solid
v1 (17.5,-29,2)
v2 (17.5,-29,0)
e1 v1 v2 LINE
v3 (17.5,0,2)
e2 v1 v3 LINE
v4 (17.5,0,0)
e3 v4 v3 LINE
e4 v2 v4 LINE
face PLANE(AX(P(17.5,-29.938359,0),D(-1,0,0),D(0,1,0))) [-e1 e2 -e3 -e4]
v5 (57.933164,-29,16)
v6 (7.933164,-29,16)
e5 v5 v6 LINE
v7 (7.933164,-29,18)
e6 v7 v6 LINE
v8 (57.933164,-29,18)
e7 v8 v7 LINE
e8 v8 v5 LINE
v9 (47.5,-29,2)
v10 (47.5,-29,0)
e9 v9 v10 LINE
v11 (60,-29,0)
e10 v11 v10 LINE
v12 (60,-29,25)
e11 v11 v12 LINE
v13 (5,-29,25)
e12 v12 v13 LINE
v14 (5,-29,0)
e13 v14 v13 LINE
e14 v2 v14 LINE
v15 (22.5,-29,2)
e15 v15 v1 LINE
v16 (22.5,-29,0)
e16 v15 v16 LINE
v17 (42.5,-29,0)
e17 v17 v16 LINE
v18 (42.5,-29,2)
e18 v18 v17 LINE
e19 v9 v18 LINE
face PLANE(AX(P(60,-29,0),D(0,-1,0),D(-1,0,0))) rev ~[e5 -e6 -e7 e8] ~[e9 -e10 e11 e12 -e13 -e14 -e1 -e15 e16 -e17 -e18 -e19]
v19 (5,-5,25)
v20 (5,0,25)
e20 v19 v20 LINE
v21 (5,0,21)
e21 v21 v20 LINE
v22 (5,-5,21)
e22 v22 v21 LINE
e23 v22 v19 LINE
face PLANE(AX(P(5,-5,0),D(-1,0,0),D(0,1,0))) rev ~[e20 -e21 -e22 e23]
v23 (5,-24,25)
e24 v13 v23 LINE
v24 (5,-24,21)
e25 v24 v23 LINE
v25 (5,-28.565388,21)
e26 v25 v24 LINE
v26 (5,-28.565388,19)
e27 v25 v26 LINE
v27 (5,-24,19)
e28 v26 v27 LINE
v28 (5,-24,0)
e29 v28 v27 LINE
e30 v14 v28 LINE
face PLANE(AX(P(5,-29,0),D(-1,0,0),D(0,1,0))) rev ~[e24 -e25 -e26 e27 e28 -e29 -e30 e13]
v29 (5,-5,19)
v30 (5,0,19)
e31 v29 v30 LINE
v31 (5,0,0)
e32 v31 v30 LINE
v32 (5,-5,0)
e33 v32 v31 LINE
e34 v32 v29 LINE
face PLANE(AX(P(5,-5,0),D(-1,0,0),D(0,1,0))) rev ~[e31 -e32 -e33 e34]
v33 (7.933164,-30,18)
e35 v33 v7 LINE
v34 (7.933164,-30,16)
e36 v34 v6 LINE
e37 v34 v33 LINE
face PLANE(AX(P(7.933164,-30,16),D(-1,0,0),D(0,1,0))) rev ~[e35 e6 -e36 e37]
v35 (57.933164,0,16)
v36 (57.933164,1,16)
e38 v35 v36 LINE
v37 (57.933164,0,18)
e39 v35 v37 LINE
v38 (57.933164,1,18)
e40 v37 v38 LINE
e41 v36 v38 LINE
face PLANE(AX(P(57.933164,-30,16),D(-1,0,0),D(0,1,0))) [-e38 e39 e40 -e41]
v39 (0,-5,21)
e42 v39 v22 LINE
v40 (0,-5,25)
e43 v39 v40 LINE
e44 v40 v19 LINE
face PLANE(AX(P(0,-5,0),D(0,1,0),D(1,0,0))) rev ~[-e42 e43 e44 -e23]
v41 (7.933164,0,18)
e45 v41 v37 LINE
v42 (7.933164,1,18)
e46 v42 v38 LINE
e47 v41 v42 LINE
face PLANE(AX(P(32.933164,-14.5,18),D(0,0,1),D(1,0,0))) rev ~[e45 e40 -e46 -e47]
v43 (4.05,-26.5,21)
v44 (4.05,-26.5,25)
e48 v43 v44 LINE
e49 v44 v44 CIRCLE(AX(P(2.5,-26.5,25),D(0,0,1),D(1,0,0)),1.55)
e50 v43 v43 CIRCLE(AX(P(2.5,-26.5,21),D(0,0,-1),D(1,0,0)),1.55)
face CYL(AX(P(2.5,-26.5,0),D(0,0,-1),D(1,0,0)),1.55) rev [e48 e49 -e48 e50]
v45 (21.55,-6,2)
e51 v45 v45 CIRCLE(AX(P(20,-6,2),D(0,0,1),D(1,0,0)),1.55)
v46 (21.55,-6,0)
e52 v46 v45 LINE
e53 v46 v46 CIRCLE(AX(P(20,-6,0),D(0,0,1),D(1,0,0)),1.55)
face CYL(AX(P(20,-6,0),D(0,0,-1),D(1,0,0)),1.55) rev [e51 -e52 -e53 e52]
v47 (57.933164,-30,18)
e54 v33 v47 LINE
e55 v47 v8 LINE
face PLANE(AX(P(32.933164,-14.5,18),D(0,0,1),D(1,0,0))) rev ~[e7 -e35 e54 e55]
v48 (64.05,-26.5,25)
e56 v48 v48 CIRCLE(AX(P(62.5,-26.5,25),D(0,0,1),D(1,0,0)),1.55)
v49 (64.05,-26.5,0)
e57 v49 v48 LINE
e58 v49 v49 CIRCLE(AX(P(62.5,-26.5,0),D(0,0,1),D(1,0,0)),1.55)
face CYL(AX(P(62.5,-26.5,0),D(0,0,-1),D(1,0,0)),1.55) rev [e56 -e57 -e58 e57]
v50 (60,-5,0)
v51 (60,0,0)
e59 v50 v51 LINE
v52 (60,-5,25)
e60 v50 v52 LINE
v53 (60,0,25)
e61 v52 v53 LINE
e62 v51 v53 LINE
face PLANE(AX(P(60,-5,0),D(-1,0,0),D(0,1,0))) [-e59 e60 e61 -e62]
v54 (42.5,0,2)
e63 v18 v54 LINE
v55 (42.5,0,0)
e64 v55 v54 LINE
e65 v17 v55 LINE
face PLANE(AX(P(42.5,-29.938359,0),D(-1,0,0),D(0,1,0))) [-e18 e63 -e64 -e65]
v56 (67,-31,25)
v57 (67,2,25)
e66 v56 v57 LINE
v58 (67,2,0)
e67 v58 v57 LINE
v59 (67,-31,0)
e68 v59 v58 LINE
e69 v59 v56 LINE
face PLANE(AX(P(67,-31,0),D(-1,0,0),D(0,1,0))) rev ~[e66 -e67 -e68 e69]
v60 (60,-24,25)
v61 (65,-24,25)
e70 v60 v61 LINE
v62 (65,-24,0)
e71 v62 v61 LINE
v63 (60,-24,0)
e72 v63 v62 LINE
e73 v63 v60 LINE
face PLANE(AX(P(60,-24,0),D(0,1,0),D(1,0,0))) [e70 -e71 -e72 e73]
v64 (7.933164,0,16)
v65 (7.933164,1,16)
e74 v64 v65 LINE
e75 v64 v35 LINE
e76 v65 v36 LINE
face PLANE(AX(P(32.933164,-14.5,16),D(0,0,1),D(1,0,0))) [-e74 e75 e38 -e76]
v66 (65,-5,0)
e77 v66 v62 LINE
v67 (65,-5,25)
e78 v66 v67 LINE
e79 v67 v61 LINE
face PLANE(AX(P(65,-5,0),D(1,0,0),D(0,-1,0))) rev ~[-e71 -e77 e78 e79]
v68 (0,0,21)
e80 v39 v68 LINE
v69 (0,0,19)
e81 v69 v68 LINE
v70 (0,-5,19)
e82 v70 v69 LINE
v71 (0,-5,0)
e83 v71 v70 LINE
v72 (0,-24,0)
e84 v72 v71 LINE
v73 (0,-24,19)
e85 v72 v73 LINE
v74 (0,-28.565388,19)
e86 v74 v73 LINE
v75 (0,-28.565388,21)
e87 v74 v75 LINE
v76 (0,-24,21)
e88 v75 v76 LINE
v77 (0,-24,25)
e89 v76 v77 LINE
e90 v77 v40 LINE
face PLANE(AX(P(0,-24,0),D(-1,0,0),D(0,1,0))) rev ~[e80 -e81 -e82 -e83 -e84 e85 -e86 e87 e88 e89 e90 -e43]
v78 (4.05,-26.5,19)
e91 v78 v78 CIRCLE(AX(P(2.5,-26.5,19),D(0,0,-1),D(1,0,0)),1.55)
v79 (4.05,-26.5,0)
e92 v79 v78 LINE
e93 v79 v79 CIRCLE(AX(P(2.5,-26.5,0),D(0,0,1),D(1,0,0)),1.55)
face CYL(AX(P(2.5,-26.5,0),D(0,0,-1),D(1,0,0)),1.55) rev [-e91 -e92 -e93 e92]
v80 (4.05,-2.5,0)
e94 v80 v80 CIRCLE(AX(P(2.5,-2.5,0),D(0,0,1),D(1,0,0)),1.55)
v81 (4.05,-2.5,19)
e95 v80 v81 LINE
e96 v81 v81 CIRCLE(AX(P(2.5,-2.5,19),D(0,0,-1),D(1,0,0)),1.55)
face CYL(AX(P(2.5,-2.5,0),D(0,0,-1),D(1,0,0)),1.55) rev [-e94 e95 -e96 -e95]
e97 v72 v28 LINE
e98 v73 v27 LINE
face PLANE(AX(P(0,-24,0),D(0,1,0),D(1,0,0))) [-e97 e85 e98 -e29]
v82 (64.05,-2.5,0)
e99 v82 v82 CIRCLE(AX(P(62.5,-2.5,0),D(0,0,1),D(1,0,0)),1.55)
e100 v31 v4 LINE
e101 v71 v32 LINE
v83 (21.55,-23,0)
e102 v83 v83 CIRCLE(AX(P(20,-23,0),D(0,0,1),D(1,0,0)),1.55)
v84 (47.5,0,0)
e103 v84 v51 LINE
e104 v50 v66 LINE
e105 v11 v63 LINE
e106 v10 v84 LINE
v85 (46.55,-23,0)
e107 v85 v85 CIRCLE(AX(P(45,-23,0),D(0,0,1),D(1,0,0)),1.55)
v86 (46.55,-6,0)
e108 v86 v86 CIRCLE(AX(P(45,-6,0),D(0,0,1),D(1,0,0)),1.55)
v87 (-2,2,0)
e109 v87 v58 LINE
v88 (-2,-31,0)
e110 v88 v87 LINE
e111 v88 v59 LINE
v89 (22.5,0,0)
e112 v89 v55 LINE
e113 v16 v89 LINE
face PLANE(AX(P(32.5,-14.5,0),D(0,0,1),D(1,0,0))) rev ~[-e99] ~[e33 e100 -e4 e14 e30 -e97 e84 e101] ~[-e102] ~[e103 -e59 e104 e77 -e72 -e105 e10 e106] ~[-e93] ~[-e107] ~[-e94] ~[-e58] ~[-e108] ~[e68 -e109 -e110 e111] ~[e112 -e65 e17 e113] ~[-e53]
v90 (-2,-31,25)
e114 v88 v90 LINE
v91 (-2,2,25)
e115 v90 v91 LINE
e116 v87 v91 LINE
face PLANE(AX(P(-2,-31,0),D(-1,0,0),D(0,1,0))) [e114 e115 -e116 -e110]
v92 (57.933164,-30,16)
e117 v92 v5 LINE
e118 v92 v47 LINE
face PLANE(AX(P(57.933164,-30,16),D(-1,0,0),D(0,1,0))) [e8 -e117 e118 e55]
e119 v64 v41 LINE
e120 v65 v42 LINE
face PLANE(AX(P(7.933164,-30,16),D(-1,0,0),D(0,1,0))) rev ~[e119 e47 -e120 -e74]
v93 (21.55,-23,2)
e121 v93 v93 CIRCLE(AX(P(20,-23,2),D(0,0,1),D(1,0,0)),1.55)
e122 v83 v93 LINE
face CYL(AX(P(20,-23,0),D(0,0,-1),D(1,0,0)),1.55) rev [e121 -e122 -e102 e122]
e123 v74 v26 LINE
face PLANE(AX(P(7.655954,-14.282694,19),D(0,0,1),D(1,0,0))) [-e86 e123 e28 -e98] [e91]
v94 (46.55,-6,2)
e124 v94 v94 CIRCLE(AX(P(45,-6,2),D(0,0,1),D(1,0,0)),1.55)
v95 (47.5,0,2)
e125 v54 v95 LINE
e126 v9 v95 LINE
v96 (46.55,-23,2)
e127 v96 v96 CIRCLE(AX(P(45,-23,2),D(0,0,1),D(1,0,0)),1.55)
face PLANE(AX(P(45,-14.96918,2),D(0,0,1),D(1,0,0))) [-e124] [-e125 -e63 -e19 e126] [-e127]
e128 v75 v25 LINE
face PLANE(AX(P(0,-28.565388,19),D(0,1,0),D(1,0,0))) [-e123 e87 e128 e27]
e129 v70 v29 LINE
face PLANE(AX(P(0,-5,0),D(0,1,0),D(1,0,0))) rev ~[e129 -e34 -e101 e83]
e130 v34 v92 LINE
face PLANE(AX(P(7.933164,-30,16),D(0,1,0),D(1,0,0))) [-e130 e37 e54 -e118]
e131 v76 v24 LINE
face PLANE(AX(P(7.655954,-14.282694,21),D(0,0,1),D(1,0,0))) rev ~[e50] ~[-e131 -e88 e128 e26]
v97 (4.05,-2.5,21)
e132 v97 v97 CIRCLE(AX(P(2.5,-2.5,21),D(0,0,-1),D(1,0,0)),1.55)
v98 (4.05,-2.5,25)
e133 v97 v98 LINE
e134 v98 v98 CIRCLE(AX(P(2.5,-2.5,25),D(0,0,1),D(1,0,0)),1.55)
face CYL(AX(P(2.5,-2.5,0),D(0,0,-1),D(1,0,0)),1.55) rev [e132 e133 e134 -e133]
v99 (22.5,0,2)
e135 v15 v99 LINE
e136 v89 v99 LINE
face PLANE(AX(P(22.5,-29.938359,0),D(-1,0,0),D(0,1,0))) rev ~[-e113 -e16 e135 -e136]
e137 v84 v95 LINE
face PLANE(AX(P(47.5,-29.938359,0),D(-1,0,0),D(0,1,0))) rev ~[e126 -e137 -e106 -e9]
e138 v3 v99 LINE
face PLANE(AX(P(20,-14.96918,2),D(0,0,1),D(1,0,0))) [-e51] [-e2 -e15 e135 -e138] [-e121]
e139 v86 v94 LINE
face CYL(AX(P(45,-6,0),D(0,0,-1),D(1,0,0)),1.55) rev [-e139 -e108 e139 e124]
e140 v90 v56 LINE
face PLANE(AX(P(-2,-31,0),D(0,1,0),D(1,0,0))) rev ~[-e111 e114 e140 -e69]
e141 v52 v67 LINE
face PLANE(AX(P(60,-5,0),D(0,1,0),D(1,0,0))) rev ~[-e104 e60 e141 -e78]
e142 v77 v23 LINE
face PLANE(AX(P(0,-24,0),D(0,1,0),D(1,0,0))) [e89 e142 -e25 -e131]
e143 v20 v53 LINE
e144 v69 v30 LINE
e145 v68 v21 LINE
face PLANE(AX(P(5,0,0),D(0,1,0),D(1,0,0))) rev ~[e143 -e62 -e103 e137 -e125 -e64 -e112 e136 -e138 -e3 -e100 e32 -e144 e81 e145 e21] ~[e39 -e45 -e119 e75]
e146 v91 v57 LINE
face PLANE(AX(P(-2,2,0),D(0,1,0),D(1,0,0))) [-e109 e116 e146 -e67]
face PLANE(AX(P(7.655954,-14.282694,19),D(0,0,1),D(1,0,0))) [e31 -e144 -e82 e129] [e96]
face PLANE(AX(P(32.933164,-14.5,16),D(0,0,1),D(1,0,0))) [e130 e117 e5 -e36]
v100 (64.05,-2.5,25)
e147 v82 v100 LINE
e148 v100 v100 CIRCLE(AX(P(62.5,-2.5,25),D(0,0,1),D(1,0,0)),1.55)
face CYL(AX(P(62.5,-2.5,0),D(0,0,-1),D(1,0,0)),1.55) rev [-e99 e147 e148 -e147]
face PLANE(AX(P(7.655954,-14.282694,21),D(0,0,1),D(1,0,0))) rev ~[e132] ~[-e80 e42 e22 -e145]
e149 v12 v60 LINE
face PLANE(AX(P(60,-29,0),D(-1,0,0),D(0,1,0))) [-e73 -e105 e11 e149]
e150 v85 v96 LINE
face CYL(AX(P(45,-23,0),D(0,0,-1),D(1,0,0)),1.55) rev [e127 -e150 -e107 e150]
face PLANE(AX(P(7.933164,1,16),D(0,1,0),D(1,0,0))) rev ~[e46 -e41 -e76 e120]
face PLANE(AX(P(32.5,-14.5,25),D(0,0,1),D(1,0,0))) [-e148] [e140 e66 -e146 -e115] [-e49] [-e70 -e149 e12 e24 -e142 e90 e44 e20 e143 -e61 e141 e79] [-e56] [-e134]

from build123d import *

# Parameters (mm, degrees)
F0_W     = 69
F0_H     = 33
F0_W_2   = 5
F0_H_2   = 5
F0_R     = 1.55
F1_DEPTH = 25
F3_W     = 50
F3_H     = 31
F4_DEPTH = 2
F6_W     = 15.3119070455
F6_H     = 28.5653881729
F7_DEPTH = 2
F8_W     = 5
F8_H     = 29.938359429
F8_R     = 1.55
F9_DEPTH = 2


with BuildPart() as f1:
    # F0 (on Top) → F1 (new body)
    with BuildSketch(Plane.XY):
        with Locations((32.5, -14.5)):
            Rectangle(F0_W, F0_H)
        Polygon((0, -5), (0, 0), (5, 0), (60, 0), (65, 0), (65, -5), (65, -24), (65, -29), (60, -29), (5, -29), (0, -29), (0, -24), align=None, mode=Mode.SUBTRACT)
        with Locations((2.5, -2.5)):
            Rectangle(F0_W_2, F0_H_2)
        with Locations((2.5, -2.5)):
            Circle(F0_R, mode=Mode.SUBTRACT)
        with Locations((62.5, -2.5)):
            Rectangle(F0_W_2, F0_H_2)
        with Locations((62.5, -2.5)):
            Circle(F0_R, mode=Mode.SUBTRACT)
        with Locations((62.5, -26.5)):
            Rectangle(F0_W_2, F0_H_2)
        with Locations((62.5, -26.5)):
            Circle(F0_R, mode=Mode.SUBTRACT)
        with Locations((2.5, -26.5)):
            Rectangle(F0_W_2, F0_H_2)
        with Locations((2.5, -26.5)):
            Circle(F0_R, mode=Mode.SUBTRACT)
    extrude(amount=F1_DEPTH)

    # F3 (on offset) → F4 (cut)
    with BuildSketch(Plane.XY.offset(16)):
        with Locations((32.9331636816, -14.5)):
            Rectangle(F3_W, F3_H)
    extrude(amount=F4_DEPTH, mode=Mode.SUBTRACT)

    # F6 (on offset) → F7 (cut)
    with BuildSketch(Plane.XY.offset(19)):
        with Locations((7.6559535228, -14.2826940864)):
            Rectangle(F6_W, F6_H)
    extrude(amount=F7_DEPTH, mode=Mode.SUBTRACT)

    # F8 (on Top) → F9 (join)
    with BuildSketch(Plane.XY):
        with Locations((20, -14.9691797145)):
            Rectangle(F8_W, F8_H)
        with Locations((20, -23)):
            Circle(F8_R, mode=Mode.SUBTRACT)
        with Locations((20, -6)):
            Circle(F8_R, mode=Mode.SUBTRACT)
        with Locations((45, -14.9691797145)):
            Rectangle(F8_W, F8_H)
        with Locations((45, -23)):
            Circle(F8_R, mode=Mode.SUBTRACT)
        with Locations((45, -6)):
            Circle(F8_R, mode=Mode.SUBTRACT)
    extrude(amount=F9_DEPTH)


solid = f1.part
